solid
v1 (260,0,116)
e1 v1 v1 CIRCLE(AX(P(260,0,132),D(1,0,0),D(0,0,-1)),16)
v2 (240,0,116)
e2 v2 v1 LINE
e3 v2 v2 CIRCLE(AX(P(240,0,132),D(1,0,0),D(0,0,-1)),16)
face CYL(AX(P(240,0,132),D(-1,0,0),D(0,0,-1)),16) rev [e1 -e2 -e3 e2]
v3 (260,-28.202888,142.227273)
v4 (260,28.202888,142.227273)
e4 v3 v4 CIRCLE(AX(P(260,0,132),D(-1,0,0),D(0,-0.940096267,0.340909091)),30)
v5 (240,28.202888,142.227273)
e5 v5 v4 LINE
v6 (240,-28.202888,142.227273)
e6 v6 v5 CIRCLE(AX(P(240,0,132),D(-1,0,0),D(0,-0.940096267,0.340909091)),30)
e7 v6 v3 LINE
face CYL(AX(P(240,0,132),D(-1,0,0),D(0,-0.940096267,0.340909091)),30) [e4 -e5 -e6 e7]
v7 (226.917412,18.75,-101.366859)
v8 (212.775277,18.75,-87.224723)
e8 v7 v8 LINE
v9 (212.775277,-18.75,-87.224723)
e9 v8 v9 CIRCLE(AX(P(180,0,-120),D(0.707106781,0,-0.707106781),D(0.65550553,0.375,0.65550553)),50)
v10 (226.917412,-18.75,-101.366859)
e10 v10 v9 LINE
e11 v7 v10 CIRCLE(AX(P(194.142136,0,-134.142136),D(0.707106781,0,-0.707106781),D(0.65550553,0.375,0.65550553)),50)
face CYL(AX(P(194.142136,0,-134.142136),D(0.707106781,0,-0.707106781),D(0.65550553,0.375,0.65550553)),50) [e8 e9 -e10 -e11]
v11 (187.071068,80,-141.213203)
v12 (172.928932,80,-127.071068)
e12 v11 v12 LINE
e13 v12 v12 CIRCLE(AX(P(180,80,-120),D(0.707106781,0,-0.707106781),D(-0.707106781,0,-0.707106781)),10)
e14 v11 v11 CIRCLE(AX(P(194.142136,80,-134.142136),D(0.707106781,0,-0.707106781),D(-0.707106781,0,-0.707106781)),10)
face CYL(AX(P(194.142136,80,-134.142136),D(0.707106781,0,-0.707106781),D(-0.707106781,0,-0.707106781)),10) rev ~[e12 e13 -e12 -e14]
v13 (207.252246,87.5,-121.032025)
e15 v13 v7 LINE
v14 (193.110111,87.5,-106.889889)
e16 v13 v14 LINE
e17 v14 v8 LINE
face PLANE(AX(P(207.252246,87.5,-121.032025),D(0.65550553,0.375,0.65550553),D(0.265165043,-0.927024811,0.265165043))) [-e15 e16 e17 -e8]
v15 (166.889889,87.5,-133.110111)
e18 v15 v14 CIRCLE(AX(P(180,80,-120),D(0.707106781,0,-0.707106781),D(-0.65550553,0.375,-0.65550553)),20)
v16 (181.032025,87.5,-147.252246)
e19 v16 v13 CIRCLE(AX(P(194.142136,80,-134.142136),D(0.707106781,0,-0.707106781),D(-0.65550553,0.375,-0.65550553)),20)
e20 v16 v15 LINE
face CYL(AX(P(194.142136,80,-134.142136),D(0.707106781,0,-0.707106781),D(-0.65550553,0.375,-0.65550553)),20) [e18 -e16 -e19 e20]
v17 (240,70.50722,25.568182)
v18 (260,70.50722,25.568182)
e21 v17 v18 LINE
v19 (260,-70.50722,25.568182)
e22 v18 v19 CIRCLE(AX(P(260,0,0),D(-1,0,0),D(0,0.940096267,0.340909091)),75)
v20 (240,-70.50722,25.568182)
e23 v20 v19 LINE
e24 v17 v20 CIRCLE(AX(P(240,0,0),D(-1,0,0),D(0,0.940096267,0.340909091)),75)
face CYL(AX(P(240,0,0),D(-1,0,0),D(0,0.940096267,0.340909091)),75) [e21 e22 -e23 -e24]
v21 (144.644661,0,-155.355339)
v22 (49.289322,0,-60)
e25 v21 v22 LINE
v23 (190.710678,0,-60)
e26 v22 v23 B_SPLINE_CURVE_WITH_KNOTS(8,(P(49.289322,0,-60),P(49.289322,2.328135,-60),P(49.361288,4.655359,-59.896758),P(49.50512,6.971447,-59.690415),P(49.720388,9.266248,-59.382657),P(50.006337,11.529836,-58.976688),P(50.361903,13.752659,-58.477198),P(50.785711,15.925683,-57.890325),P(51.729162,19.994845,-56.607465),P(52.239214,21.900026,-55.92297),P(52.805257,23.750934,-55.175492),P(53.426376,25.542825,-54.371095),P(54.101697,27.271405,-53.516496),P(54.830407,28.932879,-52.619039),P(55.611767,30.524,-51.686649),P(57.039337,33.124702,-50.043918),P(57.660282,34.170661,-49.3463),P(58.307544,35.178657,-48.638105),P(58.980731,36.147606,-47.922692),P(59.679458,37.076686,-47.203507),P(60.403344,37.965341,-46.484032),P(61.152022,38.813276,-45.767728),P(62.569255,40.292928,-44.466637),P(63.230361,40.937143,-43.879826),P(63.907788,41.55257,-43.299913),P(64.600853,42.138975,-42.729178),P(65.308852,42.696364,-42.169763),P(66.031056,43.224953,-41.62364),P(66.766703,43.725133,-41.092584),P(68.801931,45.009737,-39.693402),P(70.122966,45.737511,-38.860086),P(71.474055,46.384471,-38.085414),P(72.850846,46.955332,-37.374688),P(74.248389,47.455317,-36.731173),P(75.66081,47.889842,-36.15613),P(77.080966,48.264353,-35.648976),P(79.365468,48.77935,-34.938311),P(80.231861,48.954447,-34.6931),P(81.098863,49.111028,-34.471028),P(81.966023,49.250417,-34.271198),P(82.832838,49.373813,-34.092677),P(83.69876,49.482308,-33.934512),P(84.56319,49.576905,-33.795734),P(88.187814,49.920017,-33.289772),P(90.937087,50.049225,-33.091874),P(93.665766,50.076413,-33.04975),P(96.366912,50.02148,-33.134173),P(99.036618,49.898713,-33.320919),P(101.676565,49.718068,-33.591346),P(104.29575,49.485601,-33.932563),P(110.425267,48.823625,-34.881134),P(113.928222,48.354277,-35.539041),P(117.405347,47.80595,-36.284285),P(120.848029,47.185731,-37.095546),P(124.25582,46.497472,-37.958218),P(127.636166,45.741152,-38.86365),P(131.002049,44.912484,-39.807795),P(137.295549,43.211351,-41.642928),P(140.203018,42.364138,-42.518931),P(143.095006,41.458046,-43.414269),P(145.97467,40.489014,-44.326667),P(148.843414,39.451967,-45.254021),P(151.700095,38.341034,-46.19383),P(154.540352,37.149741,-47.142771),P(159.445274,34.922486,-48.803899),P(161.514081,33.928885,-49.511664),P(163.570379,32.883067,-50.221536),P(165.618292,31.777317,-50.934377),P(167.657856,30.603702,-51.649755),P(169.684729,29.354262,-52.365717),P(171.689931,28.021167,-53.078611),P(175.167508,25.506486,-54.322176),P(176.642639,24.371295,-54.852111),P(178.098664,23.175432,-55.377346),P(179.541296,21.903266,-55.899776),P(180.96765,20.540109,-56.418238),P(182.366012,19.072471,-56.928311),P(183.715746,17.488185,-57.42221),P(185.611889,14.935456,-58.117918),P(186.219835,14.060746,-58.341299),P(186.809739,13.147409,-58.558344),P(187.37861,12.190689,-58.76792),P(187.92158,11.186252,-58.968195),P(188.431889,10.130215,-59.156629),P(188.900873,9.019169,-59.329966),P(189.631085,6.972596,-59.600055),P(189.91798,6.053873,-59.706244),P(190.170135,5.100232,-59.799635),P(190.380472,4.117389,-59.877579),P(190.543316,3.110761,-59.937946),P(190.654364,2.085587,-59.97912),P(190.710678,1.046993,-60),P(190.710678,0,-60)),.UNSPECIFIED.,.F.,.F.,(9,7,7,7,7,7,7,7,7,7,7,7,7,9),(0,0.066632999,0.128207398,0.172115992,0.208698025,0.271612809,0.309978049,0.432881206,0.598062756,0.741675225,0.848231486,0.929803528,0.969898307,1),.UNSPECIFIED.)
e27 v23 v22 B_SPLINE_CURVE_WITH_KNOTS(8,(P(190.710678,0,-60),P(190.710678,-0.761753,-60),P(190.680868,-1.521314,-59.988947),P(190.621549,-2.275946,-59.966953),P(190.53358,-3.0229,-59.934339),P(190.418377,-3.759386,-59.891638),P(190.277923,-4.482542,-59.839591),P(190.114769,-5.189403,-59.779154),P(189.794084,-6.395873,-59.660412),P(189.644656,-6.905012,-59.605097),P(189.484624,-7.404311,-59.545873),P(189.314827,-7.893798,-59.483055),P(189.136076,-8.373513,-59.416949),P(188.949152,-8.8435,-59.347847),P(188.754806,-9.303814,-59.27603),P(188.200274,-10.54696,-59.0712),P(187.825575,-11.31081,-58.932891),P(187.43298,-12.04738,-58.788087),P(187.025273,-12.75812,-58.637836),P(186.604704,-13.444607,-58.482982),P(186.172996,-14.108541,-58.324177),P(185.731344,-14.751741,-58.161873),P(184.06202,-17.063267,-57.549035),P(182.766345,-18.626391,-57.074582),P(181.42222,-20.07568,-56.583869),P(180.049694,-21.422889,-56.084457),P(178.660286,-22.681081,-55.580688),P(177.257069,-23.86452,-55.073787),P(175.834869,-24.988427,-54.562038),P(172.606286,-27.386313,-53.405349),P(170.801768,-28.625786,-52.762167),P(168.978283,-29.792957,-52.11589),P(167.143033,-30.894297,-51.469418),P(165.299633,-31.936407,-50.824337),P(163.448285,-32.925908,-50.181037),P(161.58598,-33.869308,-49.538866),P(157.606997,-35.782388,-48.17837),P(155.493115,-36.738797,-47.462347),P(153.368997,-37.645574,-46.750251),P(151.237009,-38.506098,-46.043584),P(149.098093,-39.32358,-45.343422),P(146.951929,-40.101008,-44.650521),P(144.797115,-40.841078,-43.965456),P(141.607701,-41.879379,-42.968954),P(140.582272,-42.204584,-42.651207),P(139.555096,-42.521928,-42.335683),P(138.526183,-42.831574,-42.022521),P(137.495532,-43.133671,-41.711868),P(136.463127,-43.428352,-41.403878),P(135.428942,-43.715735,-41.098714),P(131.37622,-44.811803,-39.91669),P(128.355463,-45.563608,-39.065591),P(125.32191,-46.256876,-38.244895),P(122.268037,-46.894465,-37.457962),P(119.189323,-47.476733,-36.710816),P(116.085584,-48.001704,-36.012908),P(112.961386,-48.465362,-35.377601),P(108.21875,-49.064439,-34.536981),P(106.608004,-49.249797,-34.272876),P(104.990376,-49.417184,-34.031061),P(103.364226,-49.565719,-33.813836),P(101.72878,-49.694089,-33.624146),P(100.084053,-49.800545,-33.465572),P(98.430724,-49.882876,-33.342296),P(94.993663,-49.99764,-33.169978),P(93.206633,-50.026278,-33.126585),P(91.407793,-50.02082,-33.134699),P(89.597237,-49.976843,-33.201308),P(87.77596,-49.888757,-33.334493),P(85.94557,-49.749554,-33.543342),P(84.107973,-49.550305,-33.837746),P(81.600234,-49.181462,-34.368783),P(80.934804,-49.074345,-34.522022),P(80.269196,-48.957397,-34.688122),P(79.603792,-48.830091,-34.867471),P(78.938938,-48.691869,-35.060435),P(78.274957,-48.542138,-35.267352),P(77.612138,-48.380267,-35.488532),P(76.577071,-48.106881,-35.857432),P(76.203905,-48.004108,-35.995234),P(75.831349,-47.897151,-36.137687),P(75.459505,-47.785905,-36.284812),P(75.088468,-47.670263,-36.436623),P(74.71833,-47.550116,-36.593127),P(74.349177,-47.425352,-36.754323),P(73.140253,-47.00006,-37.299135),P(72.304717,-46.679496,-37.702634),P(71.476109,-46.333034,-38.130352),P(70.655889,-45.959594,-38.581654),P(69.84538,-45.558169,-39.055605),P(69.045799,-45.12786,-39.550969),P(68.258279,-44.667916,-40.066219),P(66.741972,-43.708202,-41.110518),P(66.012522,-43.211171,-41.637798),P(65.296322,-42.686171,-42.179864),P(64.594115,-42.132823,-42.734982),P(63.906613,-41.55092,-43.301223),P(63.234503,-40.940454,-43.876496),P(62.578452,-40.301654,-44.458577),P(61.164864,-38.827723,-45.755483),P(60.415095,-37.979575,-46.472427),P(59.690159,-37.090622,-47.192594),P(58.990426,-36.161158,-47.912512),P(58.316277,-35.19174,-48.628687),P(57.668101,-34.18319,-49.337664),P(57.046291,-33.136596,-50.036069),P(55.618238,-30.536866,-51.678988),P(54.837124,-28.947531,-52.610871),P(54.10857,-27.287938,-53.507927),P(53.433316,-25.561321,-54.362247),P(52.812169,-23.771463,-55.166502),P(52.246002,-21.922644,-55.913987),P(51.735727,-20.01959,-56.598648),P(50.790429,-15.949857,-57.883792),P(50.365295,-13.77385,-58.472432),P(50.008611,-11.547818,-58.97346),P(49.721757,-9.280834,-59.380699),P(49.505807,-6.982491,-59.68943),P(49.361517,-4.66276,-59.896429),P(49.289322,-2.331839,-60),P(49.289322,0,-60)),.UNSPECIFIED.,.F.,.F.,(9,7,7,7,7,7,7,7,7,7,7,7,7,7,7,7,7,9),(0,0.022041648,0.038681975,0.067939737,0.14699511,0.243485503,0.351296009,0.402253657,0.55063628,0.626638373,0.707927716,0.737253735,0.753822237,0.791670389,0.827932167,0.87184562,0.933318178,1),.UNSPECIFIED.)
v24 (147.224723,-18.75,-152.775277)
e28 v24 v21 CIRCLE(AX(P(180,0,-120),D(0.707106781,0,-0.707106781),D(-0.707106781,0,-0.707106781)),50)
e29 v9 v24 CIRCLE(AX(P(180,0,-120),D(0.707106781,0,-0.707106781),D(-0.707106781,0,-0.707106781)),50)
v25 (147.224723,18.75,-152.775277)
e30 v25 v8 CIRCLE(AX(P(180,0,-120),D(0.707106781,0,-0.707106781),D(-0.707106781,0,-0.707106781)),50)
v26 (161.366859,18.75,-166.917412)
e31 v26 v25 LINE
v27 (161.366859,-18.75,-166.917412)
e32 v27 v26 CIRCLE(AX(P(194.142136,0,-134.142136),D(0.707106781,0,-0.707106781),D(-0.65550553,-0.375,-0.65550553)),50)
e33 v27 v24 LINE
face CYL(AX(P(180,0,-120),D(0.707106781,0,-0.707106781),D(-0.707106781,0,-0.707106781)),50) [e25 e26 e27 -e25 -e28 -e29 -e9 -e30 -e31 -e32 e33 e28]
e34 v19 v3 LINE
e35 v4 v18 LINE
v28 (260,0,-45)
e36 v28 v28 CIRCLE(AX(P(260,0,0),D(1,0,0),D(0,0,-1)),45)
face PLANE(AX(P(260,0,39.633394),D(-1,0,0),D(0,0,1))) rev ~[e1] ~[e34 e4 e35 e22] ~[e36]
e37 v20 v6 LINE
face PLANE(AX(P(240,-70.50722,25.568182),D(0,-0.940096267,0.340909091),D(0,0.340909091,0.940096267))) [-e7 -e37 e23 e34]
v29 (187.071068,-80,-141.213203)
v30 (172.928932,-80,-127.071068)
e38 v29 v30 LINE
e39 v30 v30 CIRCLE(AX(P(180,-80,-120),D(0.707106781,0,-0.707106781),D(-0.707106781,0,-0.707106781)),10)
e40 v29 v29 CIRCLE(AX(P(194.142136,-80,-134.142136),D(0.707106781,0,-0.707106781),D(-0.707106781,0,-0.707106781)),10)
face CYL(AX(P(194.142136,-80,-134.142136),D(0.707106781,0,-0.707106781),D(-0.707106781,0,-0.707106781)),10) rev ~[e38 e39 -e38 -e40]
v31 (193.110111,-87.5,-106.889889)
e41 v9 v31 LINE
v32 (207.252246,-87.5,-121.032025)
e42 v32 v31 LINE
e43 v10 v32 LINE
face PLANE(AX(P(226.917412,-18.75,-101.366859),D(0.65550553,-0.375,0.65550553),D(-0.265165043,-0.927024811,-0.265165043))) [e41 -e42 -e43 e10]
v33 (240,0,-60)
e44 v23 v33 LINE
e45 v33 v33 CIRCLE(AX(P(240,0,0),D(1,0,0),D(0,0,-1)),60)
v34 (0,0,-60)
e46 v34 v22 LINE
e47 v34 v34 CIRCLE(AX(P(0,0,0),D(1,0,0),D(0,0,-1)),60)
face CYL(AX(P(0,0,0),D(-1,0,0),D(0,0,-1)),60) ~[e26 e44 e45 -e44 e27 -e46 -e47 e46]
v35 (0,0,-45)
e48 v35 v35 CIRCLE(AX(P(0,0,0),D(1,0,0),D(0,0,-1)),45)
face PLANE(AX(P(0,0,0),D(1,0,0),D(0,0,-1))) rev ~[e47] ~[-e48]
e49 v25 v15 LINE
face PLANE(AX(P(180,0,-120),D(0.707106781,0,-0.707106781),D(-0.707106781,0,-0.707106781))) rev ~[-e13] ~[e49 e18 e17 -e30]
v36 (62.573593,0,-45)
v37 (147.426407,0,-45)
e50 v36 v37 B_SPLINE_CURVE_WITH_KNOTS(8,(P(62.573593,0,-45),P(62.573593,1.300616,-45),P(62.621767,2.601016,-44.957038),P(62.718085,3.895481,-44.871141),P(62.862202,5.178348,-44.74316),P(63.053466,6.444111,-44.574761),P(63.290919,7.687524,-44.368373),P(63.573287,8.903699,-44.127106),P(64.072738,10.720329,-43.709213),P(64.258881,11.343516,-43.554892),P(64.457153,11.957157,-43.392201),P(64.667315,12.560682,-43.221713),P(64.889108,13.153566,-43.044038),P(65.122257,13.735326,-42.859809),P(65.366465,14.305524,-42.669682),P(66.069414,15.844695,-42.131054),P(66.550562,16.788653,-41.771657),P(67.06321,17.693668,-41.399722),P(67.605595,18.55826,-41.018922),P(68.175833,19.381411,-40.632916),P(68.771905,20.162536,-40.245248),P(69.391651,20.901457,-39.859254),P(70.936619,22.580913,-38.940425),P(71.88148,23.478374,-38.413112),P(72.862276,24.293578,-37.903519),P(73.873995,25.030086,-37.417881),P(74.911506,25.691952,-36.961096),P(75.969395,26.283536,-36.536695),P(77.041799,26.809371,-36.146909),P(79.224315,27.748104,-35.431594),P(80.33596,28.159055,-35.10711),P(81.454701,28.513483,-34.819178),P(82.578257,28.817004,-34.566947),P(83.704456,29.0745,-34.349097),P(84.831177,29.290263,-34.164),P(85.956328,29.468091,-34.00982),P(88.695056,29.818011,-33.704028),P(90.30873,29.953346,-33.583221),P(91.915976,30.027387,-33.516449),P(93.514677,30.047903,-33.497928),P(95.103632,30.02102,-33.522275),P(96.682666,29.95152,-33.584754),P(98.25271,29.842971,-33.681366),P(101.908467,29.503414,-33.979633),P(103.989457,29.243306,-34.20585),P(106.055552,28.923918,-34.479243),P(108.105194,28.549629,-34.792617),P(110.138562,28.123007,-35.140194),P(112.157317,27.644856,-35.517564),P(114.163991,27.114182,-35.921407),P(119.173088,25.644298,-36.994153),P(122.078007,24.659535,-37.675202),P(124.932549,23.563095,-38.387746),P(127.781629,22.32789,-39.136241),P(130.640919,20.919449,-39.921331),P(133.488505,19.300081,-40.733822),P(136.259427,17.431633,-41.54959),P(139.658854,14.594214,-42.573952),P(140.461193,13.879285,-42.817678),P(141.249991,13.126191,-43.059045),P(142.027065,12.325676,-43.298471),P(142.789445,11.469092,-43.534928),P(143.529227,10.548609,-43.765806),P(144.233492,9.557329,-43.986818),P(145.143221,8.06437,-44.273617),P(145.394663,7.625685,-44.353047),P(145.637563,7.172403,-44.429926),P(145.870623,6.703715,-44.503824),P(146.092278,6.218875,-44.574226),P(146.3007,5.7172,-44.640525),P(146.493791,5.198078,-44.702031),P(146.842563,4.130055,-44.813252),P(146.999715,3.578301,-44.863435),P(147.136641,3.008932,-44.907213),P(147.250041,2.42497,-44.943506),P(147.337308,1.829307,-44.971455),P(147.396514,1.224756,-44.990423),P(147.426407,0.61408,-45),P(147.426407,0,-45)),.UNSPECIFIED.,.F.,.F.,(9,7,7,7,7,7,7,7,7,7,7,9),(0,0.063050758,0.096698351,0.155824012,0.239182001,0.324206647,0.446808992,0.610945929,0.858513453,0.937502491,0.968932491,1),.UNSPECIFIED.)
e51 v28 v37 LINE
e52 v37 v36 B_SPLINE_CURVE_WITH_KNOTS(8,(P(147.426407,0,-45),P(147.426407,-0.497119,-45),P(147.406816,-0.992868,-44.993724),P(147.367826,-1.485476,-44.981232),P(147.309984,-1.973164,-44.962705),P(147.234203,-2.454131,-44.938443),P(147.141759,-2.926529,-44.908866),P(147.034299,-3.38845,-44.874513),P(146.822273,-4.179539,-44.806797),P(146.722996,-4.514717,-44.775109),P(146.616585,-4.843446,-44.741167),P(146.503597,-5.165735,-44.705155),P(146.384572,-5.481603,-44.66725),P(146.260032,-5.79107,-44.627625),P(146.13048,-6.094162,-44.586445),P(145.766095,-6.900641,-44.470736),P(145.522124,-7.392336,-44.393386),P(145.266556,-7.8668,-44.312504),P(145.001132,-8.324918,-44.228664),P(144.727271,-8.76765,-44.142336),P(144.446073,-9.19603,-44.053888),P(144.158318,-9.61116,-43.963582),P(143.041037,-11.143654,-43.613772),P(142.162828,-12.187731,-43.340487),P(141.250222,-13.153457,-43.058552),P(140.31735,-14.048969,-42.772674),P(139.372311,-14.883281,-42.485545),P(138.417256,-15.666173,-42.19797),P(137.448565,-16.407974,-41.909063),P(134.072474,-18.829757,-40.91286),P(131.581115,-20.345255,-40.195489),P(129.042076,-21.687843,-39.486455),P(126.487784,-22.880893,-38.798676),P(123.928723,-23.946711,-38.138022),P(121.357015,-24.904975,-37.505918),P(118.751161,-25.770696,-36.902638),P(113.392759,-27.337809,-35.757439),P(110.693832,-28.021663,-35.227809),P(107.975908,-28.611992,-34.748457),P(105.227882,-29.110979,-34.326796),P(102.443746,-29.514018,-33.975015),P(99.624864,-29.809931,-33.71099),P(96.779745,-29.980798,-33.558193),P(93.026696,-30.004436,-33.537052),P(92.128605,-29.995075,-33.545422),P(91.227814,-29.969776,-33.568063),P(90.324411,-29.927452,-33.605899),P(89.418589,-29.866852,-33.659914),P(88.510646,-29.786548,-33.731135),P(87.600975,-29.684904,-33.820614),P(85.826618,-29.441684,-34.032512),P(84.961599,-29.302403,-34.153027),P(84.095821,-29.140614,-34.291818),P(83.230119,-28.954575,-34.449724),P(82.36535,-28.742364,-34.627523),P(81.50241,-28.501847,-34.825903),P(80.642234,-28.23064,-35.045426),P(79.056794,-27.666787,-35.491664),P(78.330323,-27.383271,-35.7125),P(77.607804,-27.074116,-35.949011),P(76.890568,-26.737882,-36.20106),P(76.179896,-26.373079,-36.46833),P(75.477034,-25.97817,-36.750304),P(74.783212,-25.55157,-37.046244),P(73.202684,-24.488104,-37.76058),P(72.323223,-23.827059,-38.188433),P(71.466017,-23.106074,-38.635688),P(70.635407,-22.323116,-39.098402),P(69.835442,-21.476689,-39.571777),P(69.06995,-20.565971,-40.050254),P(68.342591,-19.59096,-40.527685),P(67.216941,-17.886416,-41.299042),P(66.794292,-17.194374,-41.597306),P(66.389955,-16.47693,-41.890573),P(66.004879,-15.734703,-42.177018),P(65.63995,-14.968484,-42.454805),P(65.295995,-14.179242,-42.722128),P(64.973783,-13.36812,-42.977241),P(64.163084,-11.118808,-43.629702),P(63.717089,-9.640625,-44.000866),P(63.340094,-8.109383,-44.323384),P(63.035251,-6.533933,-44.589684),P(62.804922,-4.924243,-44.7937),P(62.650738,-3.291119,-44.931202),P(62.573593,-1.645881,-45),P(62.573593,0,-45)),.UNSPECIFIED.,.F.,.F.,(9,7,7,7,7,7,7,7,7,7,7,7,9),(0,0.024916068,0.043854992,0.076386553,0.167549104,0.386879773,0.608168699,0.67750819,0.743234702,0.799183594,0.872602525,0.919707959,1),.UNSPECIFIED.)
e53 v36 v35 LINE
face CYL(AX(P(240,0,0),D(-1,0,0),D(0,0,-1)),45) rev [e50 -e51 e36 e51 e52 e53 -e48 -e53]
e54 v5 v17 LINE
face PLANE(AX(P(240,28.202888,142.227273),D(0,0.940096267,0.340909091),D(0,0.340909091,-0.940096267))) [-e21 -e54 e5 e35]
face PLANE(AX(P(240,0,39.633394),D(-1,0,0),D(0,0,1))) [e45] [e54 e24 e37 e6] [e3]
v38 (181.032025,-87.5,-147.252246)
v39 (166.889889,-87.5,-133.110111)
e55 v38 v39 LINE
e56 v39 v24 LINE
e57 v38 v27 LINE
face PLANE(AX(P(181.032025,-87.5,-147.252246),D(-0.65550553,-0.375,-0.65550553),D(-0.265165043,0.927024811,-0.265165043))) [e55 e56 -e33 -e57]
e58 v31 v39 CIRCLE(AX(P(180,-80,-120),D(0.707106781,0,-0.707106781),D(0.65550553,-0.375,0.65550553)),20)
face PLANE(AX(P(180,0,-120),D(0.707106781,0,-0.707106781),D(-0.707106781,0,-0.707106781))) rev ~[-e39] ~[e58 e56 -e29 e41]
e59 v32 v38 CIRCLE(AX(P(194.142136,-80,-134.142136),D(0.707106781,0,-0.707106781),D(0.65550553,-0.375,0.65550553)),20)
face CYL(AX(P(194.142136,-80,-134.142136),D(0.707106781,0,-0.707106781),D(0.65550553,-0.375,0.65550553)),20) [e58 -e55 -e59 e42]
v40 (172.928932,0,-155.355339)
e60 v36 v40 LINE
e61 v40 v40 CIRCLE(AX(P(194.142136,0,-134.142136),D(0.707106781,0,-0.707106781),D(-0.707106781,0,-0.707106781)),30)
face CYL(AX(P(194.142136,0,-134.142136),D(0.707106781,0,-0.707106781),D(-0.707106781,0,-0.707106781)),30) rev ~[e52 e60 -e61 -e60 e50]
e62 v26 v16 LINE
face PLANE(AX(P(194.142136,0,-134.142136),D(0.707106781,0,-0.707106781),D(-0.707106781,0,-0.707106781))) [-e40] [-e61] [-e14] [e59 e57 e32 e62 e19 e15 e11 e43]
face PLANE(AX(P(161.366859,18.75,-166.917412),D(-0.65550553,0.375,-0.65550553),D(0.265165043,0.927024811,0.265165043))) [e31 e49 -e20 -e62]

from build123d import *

# Parameters (mm, degrees)
SKETCH_1_R           = 60
SKETCH_1_R_2         = 45
EXTRUDE_1_DEPTH      = 240
SKETCH_2_R           = 45
SKETCH_2_R_2         = 16
EXTRUDE_2_DEPTH      = 20
EXTRUDE_4_REACH      = 356.216
EXTRUDE_4_END_RADIUS = 60
SKETCH_15_R          = 50
SKETCH_15_R_2        = 30
CUT_EXTRUDE_1_REACH  = 356.216
SKETCH_18_R          = 30
EXTRUDE_START        = 20
SKETCH_19_R          = 30
SKETCH_19_R_2        = 10
EXTRUDE_6_DEPTH      = 20


with BuildPart() as part:
    # 草图1 → 凸台-拉伸1 (new body)
    with BuildSketch(Plane(origin=(0, 0, 0), x_dir=(0, 0, -1), z_dir=(1, 0, 0))):
        Circle(SKETCH_1_R)
        Circle(SKETCH_1_R_2, mode=Mode.SUBTRACT)
    extrude(amount=EXTRUDE_1_DEPTH)

    # 草图2 → 凸台-拉伸2 (add)
    with BuildSketch(Plane(origin=(240, 0, 0), x_dir=(0, 0, -1), z_dir=(1, 0, 0))):
        with BuildLine():
            Line((-142.227272727, 28.202888018), (-25.568181818, 70.507220045))
            ThreePointArc((-25.568181818, 70.507220045), (75, 0), (-25.568181818, -70.507220045))
            Line((-25.568181818, -70.507220045), (-142.227272727, -28.202888018))
            ThreePointArc((-142.227272727, -28.202888018), (-162, 0), (-142.227272727, 28.202888018))
        make_face()
        Circle(SKETCH_2_R, mode=Mode.SUBTRACT)
        with Locations((-132, 0)):
            Circle(SKETCH_2_R_2, mode=Mode.SUBTRACT)
    extrude(amount=EXTRUDE_2_DEPTH)

    # 凸台-拉伸4: up to this cylinder (the profile starts outside it)
    extrude_4_end = Plane(origin=(214.355339, 0, 0), z_dir=(-1, 0, 0)) * Cylinder(EXTRUDE_4_END_RADIUS, 833.432, mode=Mode.PRIVATE)
    # 草图15 → 凸台-拉伸4 (add, up to the surface)
    with BuildSketch(Plane(origin=(150, 0, -150), x_dir=(-0.7071067811865465, 2.3800392787790966e-15, -0.7071067811865487), z_dir=(0.7071067811865487, -2.3800392787791053e-15, -0.7071067811865465)), mode=Mode.PRIVATE) as extrude_4_sk1:
        with Locations((-42.426406871, 0)):
            Circle(SKETCH_15_R)
        with Locations((-42.426406871, 0)):
            Circle(SKETCH_15_R_2, mode=Mode.SUBTRACT)
    extrude_4_tool1 = extrude(extrude_4_sk1.sketch, amount=-EXTRUDE_4_REACH, mode=Mode.PRIVATE) - extrude_4_end
    add(extrude_4_tool1.solids().sort_by_distance((214.355339, 0, -85.644661))[0])

    # 草图18 → 切除-拉伸1 (cut, up to next)
    with BuildSketch(Plane(origin=(150, 0, -150), x_dir=(-0.7071067811865465, 2.3800392787790978e-15, -0.7071067811865486), z_dir=(0.7071067811865486, -2.380039278779105e-15, -0.7071067811865465)), mode=Mode.PRIVATE) as cut_extrude_1_sk1:
        with Locations((-42.426406871, 0)):
            Circle(SKETCH_18_R)
    cut_extrude_1_tool1 = extrude(cut_extrude_1_sk1.sketch, amount=-CUT_EXTRUDE_1_REACH, mode=Mode.PRIVATE) & part.part
    add(cut_extrude_1_tool1.solids().sort_by_distance((180, 0, -120))[0], mode=Mode.SUBTRACT)

    # 草图19 → 凸台-拉伸6 (add)
    with BuildSketch(Plane(origin=(150, 0, -150), x_dir=(-0.7071067811865465, 2.3800392787790978e-15, -0.7071067811865486), z_dir=(0.7071067811865486, -2.380039278779105e-15, -0.7071067811865465)).offset(EXTRUDE_START)):
        with BuildLine():
            Line((-60.966903089, 87.5), (-88.777647416, 18.75))
            ThreePointArc((-88.777647416, 18.75), (-92.426406871, 0), (-88.777647416, -18.75))
            Line((-88.777647416, -18.75), (-60.966903089, -87.5))
            ThreePointArc((-60.966903089, -87.5), (-42.426406871, -100), (-23.885910653, -87.5))
            Line((-23.885910653, -87.5), (3.924833673, -18.75))
            ThreePointArc((3.924833673, -18.75), (7.573593129, 0), (3.924833673, 18.75))
            Line((3.924833673, 18.75), (-23.885910653, 87.5))
            ThreePointArc((-23.885910653, 87.5), (-42.426406871, 100), (-60.966903089, 87.5))
        make_face()
        with Locations((-42.426406871, 0)):
            Circle(SKETCH_19_R, mode=Mode.SUBTRACT)
        with Locations((-42.426406871, 80)):
            Circle(SKETCH_19_R_2, mode=Mode.SUBTRACT)
        with Locations((-42.426406871, -80)):
            Circle(SKETCH_19_R_2, mode=Mode.SUBTRACT)
    extrude(amount=-EXTRUDE_6_DEPTH)


solid = part.part
